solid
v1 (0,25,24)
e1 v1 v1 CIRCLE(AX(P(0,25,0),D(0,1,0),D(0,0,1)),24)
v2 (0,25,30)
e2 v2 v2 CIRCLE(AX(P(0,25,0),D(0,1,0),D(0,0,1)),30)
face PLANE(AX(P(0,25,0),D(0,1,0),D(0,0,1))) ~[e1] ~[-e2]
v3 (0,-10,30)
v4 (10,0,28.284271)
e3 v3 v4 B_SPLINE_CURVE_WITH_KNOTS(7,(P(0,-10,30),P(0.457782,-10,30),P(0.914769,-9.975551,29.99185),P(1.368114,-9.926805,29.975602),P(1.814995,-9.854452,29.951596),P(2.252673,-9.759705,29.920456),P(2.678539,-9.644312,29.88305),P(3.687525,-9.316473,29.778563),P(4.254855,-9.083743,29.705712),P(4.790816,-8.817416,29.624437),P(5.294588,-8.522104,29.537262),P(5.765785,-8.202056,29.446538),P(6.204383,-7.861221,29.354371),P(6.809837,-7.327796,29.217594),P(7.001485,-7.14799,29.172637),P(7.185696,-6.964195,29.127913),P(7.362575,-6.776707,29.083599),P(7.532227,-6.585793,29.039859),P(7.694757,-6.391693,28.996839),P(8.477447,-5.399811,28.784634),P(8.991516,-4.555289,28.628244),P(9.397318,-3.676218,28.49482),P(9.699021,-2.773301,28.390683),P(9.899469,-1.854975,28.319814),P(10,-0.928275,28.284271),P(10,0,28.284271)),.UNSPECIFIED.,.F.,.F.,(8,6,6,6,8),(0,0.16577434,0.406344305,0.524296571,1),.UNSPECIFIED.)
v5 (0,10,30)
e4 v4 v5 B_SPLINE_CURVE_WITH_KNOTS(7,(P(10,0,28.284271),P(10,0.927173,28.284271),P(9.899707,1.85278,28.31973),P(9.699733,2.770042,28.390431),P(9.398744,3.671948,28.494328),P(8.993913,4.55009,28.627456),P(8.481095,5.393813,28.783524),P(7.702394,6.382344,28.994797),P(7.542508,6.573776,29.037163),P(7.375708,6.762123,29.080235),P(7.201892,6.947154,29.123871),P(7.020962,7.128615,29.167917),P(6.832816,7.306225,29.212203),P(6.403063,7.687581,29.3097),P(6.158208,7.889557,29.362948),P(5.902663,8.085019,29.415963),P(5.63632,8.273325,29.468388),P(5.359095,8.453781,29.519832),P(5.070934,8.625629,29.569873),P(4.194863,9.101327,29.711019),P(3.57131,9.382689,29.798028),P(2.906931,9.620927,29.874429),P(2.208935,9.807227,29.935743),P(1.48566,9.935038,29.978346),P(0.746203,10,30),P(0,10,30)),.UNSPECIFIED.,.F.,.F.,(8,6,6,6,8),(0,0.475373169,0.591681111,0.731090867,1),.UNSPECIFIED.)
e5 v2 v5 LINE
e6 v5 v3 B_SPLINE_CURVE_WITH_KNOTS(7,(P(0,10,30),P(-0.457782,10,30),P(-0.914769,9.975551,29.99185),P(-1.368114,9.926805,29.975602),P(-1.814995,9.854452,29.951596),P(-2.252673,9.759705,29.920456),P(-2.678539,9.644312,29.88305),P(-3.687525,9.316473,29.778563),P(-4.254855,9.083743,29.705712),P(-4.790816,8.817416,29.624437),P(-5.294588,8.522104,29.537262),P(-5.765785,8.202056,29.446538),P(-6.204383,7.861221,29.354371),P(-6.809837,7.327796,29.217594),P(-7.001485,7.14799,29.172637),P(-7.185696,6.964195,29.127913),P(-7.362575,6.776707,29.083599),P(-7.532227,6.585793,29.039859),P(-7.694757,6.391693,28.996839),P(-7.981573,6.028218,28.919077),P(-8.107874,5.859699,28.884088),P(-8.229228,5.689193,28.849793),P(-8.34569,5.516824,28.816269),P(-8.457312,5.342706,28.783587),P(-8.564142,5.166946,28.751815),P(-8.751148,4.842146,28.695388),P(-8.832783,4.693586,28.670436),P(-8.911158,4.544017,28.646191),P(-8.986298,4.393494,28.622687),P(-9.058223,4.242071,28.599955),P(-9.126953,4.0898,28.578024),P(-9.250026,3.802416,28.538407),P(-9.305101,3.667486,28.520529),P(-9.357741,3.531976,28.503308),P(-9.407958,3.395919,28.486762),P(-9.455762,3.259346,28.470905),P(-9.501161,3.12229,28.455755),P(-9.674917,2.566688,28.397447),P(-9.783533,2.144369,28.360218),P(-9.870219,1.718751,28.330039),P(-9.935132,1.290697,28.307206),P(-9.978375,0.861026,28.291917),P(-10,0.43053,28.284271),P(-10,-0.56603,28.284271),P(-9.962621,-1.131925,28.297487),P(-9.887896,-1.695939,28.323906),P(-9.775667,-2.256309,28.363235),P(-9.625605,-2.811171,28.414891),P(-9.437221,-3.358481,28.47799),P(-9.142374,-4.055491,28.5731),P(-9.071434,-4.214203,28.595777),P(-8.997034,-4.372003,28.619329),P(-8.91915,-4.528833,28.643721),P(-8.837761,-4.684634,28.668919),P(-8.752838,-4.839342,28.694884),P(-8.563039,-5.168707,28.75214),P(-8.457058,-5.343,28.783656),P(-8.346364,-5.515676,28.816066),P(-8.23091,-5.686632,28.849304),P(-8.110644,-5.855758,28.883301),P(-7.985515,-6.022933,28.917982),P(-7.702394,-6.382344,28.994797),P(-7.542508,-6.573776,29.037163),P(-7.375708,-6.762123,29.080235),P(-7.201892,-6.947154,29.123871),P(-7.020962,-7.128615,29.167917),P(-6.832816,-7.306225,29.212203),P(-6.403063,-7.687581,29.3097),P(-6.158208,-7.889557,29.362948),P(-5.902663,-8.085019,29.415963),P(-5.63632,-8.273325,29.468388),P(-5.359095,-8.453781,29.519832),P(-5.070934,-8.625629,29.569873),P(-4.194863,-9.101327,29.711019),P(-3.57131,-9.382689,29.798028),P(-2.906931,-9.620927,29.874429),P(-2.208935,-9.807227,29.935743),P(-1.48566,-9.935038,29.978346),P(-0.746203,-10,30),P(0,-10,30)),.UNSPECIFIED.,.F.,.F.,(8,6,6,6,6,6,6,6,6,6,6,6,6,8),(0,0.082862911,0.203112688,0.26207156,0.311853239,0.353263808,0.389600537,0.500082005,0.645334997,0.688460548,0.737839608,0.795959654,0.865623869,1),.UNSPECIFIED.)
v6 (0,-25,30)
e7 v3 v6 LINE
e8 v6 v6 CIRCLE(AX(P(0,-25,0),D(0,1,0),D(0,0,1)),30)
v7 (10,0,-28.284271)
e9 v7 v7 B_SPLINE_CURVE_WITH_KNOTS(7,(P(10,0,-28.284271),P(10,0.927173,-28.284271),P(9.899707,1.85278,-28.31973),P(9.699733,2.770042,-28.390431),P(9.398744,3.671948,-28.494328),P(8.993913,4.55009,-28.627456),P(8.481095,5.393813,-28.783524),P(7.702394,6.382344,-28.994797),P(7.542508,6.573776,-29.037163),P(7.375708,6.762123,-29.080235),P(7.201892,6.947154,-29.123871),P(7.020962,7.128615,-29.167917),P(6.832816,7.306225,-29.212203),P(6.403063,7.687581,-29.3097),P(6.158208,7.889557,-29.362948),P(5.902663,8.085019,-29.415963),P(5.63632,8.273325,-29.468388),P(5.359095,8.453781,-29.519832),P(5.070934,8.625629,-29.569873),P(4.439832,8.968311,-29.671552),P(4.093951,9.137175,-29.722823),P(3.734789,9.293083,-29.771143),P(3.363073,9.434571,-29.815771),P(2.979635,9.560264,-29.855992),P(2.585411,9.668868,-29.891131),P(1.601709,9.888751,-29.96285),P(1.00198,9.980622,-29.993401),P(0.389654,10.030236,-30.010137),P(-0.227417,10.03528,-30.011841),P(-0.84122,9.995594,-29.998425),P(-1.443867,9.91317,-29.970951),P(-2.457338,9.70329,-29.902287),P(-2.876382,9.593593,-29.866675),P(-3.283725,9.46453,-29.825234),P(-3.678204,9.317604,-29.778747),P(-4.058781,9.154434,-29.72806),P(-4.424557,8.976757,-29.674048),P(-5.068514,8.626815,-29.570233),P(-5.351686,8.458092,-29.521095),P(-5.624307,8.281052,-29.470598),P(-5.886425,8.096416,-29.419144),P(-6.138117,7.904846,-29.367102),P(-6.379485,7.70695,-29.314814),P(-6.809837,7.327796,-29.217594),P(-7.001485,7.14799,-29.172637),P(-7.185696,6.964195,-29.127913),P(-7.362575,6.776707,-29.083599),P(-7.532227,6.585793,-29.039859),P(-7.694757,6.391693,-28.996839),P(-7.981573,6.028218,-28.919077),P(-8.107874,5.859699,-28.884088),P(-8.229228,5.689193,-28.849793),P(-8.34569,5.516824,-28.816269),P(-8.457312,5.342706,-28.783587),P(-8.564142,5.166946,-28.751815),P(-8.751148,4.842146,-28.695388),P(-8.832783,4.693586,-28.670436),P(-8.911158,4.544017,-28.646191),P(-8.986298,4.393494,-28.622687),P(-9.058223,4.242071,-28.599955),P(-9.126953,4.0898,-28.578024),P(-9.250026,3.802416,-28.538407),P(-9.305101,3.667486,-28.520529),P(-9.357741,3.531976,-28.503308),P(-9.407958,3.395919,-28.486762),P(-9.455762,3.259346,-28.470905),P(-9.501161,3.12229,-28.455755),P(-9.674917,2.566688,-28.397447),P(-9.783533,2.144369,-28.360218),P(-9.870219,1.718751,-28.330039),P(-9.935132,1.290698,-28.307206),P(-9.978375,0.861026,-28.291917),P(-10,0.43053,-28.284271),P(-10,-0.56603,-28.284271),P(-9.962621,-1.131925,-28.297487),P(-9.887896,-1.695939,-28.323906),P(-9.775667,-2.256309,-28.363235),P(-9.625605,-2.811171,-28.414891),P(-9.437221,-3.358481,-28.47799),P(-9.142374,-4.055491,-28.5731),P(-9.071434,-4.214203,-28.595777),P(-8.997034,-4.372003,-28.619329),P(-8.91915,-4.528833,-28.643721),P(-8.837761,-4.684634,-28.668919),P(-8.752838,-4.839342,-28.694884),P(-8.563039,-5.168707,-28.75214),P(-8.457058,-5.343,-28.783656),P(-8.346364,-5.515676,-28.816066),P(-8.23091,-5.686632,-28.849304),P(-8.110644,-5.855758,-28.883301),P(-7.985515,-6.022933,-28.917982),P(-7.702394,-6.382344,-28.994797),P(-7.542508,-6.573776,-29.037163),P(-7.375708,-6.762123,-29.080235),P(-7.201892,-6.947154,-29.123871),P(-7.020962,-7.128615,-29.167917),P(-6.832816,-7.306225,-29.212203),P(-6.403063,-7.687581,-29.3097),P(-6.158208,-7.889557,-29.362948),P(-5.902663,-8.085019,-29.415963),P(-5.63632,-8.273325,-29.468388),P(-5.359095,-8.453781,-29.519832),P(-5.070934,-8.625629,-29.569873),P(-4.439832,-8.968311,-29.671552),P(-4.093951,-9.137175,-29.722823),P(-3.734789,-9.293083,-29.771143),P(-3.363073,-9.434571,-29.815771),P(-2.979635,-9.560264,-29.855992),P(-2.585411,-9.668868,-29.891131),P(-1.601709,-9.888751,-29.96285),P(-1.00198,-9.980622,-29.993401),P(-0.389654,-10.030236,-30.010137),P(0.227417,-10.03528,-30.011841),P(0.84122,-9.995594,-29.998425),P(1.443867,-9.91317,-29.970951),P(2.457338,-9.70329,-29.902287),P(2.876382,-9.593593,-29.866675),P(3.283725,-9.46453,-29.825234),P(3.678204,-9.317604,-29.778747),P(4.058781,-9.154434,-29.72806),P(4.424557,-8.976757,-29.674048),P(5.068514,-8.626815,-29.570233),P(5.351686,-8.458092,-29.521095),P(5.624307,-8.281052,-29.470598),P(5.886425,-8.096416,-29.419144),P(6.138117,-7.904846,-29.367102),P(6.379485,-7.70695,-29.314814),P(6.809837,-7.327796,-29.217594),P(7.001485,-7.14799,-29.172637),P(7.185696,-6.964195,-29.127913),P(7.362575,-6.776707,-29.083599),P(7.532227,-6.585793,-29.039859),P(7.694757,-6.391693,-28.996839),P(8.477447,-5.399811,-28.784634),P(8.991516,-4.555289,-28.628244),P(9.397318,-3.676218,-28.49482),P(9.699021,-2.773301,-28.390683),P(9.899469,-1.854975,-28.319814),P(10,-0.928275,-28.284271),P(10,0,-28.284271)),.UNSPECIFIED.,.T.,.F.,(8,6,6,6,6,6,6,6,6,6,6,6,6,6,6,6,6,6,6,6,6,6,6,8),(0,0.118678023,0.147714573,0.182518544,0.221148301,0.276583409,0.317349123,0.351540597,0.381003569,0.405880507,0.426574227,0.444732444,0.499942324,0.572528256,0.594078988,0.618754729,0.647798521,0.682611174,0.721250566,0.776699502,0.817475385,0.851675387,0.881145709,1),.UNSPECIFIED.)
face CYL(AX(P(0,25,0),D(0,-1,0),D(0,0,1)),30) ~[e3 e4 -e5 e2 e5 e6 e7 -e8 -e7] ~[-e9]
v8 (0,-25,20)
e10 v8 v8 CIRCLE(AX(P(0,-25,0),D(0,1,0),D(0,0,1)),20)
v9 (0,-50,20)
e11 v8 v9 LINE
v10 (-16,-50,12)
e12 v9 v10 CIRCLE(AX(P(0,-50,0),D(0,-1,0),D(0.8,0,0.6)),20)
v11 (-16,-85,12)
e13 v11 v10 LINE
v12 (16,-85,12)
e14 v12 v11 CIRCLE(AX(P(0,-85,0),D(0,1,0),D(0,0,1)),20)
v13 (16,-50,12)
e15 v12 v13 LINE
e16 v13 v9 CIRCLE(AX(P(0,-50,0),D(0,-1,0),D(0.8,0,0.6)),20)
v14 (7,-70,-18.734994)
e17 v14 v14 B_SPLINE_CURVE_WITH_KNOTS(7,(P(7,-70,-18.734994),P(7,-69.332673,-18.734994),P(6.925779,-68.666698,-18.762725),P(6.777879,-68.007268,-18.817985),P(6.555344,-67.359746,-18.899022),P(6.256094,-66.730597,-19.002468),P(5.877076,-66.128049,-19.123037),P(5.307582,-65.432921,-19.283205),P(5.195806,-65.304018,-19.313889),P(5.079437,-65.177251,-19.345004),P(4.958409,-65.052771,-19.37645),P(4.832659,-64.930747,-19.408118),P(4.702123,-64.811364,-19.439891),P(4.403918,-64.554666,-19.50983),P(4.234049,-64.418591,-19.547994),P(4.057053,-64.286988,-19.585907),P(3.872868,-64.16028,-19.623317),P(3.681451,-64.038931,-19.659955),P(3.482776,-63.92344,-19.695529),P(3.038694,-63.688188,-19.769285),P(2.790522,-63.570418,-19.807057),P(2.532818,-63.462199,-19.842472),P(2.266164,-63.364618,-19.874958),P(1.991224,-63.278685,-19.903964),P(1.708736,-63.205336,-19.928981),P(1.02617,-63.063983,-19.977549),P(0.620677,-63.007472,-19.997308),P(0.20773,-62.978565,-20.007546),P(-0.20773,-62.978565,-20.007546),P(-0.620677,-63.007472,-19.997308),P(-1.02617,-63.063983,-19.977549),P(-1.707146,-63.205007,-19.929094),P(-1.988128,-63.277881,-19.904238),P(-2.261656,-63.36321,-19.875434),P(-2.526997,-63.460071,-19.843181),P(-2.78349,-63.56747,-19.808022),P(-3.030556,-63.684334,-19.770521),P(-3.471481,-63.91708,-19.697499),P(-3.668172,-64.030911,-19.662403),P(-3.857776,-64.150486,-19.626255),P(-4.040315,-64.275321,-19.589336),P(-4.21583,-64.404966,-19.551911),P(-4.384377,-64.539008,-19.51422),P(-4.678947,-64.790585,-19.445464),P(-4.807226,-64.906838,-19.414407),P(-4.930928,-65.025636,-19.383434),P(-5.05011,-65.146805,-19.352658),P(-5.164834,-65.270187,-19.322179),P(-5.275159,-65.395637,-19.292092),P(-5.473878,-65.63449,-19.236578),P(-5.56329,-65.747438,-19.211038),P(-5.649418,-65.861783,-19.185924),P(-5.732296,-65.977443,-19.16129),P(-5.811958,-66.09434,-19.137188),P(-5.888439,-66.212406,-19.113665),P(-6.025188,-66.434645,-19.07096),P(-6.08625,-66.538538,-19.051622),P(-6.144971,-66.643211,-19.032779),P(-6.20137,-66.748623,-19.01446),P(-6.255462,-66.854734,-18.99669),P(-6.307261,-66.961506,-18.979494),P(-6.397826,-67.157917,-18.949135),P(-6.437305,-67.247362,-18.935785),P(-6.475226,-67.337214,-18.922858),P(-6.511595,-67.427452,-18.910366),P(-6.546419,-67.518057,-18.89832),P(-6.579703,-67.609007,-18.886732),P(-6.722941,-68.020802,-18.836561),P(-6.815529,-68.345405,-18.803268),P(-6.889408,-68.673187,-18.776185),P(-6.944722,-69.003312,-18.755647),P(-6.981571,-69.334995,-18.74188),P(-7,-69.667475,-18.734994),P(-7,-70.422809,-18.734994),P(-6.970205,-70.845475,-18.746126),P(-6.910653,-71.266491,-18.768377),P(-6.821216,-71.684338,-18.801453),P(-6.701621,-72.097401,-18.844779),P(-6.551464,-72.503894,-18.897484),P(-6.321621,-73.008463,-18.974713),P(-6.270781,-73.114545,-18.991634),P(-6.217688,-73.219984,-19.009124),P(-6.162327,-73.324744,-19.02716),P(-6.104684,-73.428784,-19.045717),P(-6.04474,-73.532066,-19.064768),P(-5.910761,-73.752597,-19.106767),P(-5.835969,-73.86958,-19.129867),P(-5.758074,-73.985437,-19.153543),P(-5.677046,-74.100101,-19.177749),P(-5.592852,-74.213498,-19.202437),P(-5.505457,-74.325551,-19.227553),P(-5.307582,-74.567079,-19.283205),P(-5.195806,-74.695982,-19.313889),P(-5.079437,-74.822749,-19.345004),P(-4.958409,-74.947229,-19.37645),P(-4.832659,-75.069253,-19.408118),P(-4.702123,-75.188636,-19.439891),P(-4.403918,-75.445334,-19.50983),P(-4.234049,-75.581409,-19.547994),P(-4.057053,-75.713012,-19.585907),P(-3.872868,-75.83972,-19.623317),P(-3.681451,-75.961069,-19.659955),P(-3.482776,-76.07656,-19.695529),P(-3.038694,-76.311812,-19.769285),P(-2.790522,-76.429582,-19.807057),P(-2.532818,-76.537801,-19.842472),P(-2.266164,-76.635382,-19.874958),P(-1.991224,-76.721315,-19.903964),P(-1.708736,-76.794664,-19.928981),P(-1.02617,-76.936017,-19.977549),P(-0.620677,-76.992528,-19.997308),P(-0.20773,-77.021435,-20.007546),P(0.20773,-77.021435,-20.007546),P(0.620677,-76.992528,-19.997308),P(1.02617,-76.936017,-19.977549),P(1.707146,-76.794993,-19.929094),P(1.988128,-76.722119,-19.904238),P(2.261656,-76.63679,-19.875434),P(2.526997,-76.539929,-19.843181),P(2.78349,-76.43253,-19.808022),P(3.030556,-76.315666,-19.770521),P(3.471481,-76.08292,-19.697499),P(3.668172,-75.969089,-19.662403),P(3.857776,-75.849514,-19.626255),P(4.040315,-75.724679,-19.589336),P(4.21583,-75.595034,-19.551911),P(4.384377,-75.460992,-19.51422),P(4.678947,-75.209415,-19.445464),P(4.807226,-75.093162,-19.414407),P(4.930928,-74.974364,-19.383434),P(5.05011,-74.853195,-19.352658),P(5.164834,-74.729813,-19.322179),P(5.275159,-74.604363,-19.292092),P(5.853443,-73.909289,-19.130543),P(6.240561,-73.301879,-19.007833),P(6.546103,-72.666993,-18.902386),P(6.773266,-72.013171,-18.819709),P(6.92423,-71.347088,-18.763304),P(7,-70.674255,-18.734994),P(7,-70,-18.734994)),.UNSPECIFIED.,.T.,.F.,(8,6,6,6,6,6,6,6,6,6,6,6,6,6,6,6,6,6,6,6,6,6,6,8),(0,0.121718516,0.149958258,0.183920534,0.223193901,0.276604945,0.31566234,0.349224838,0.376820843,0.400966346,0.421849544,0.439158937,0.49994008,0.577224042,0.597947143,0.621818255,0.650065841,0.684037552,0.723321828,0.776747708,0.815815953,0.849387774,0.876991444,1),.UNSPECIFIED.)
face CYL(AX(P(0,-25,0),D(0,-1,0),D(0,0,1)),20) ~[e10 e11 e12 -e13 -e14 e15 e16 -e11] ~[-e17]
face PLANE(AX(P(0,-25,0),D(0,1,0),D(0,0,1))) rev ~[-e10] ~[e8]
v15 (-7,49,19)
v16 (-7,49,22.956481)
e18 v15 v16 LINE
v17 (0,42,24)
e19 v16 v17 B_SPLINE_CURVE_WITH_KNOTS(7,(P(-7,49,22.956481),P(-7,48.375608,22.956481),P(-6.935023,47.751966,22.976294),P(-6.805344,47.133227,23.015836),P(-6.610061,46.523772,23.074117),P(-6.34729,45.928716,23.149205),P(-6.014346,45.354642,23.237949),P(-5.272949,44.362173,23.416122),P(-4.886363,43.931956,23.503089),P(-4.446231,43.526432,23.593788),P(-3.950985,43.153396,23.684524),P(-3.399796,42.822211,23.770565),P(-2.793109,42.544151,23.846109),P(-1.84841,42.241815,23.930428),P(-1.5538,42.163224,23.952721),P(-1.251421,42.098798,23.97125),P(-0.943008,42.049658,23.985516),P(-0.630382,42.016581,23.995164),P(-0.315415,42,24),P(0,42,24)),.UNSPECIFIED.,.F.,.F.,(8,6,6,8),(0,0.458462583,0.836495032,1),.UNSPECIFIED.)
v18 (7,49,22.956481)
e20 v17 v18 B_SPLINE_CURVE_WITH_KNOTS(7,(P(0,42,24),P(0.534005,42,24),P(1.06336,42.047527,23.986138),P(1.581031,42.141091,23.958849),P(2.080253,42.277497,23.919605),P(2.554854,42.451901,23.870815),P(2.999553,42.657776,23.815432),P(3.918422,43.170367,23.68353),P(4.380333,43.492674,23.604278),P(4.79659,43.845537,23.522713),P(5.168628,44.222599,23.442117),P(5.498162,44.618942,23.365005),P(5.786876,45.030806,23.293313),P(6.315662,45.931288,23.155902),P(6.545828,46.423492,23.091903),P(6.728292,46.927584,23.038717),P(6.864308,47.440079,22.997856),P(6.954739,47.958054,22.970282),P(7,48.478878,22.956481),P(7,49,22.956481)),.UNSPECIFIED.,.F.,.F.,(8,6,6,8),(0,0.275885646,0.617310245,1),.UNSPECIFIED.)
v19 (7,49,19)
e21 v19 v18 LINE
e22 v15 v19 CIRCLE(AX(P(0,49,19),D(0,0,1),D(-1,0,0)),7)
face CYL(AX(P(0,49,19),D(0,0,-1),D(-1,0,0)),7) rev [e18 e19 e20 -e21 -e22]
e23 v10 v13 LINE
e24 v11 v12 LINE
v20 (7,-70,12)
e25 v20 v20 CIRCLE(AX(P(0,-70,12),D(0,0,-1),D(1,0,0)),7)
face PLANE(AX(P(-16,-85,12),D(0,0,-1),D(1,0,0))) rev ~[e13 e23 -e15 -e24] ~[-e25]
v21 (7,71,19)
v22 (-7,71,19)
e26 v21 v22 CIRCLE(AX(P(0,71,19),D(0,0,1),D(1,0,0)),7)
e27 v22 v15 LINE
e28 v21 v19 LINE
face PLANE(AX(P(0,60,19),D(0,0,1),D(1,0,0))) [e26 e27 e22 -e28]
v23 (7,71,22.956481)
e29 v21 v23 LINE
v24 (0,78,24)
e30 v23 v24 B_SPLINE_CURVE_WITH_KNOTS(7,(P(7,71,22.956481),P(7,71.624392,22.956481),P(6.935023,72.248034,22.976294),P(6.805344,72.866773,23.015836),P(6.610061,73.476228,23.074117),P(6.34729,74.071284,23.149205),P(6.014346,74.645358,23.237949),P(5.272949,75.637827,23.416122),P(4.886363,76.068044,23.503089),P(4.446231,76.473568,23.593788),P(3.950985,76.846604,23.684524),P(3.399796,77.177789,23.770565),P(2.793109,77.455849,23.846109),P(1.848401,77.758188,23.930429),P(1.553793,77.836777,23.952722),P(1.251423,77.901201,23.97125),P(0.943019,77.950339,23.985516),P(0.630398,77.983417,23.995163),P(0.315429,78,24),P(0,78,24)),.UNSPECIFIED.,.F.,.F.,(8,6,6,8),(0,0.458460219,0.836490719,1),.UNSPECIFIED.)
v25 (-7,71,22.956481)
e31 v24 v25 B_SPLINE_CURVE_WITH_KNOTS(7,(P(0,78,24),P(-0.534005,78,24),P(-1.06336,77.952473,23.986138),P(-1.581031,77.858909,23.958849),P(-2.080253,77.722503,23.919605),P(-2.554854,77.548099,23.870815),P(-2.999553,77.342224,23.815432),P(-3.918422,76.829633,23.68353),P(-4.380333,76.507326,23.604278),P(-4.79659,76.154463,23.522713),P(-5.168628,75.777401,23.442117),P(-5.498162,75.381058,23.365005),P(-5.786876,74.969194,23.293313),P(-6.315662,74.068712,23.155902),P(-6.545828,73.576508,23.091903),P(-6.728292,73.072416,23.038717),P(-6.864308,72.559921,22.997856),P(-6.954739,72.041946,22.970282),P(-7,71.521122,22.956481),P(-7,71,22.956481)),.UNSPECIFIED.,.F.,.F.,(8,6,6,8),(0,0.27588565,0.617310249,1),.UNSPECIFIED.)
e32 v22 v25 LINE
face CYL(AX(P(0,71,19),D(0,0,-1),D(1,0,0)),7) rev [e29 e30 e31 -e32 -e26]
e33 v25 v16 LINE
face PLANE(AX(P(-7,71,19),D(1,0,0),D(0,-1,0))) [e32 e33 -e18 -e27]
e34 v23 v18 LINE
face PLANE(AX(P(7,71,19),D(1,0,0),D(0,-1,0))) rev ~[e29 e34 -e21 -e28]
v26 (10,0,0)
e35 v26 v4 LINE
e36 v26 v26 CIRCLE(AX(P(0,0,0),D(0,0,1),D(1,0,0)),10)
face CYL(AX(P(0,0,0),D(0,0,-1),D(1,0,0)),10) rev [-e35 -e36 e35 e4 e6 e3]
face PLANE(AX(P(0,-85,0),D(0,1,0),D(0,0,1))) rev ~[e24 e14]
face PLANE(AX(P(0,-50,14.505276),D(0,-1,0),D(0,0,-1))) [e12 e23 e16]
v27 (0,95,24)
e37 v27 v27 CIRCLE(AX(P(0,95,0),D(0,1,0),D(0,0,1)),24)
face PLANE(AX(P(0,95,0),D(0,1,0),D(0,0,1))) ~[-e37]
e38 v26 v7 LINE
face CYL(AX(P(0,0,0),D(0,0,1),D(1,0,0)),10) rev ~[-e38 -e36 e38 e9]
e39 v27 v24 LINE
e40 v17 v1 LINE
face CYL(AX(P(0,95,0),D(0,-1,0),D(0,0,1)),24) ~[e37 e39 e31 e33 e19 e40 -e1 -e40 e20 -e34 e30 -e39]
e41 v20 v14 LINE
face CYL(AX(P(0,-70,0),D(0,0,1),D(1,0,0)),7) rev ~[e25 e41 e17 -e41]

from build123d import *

# Parameters (mm, degrees)
POCKET_DEPTH         = 35
SKETCH003_R          = 10
SKETCH003_R_2        = 7
POCKET001_DEPTH      = 30.001
POCKET001_DEPTH_BACK = -30.001
POCKET002_DEPTH      = 5


with BuildPart() as part:
    # Sketch → Revolution (revolve)
    with BuildSketch(Plane.YZ):
        Polygon((-25, 20), (-85, 20), (-85, 0), (95, 0), (95, 24), (25, 24), (25, 30), (-25, 30), align=None)
    revolve(axis=Axis((0, 0, 0), (0, 1, 0)))

    # Sketch002 (on Face2 of Revolution) → Pocket (cut)
    with BuildSketch(Plane(origin=(0, -85, 0), x_dir=(0, 0, -1), z_dir=(0, -1, 0))):
        with BuildLine():
            Line((-12, -16), (-12, 16))
            ThreePointArc((-12, 16), (-20, 0), (-12, -16))
        make_face()
    extrude(amount=-POCKET_DEPTH, mode=Mode.SUBTRACT)

    # Sketch003 → Pocket001 (cut, two sides)
    with BuildSketch(Plane.XY) as pocket001_sk:
        Circle(SKETCH003_R)
        with Locations((0, -70)):
            Circle(SKETCH003_R_2)
    extrude(amount=-POCKET001_DEPTH, mode=Mode.SUBTRACT)
    extrude(pocket001_sk.sketch, amount=-POCKET001_DEPTH_BACK, mode=Mode.SUBTRACT)

    # Sketch004 (on DatumPlane) → Pocket002 (cut)
    with BuildSketch(Plane.XY.offset(19)):
        with BuildLine():
            ThreePointArc((7, 71), (0, 78), (-7, 71))
            Line((-7, 71), (-7, 49))
            ThreePointArc((-7, 49), (0, 42), (7, 49))
            Line((7, 71), (7, 49))
        make_face()
    extrude(amount=POCKET002_DEPTH, mode=Mode.SUBTRACT)


solid = part.part
